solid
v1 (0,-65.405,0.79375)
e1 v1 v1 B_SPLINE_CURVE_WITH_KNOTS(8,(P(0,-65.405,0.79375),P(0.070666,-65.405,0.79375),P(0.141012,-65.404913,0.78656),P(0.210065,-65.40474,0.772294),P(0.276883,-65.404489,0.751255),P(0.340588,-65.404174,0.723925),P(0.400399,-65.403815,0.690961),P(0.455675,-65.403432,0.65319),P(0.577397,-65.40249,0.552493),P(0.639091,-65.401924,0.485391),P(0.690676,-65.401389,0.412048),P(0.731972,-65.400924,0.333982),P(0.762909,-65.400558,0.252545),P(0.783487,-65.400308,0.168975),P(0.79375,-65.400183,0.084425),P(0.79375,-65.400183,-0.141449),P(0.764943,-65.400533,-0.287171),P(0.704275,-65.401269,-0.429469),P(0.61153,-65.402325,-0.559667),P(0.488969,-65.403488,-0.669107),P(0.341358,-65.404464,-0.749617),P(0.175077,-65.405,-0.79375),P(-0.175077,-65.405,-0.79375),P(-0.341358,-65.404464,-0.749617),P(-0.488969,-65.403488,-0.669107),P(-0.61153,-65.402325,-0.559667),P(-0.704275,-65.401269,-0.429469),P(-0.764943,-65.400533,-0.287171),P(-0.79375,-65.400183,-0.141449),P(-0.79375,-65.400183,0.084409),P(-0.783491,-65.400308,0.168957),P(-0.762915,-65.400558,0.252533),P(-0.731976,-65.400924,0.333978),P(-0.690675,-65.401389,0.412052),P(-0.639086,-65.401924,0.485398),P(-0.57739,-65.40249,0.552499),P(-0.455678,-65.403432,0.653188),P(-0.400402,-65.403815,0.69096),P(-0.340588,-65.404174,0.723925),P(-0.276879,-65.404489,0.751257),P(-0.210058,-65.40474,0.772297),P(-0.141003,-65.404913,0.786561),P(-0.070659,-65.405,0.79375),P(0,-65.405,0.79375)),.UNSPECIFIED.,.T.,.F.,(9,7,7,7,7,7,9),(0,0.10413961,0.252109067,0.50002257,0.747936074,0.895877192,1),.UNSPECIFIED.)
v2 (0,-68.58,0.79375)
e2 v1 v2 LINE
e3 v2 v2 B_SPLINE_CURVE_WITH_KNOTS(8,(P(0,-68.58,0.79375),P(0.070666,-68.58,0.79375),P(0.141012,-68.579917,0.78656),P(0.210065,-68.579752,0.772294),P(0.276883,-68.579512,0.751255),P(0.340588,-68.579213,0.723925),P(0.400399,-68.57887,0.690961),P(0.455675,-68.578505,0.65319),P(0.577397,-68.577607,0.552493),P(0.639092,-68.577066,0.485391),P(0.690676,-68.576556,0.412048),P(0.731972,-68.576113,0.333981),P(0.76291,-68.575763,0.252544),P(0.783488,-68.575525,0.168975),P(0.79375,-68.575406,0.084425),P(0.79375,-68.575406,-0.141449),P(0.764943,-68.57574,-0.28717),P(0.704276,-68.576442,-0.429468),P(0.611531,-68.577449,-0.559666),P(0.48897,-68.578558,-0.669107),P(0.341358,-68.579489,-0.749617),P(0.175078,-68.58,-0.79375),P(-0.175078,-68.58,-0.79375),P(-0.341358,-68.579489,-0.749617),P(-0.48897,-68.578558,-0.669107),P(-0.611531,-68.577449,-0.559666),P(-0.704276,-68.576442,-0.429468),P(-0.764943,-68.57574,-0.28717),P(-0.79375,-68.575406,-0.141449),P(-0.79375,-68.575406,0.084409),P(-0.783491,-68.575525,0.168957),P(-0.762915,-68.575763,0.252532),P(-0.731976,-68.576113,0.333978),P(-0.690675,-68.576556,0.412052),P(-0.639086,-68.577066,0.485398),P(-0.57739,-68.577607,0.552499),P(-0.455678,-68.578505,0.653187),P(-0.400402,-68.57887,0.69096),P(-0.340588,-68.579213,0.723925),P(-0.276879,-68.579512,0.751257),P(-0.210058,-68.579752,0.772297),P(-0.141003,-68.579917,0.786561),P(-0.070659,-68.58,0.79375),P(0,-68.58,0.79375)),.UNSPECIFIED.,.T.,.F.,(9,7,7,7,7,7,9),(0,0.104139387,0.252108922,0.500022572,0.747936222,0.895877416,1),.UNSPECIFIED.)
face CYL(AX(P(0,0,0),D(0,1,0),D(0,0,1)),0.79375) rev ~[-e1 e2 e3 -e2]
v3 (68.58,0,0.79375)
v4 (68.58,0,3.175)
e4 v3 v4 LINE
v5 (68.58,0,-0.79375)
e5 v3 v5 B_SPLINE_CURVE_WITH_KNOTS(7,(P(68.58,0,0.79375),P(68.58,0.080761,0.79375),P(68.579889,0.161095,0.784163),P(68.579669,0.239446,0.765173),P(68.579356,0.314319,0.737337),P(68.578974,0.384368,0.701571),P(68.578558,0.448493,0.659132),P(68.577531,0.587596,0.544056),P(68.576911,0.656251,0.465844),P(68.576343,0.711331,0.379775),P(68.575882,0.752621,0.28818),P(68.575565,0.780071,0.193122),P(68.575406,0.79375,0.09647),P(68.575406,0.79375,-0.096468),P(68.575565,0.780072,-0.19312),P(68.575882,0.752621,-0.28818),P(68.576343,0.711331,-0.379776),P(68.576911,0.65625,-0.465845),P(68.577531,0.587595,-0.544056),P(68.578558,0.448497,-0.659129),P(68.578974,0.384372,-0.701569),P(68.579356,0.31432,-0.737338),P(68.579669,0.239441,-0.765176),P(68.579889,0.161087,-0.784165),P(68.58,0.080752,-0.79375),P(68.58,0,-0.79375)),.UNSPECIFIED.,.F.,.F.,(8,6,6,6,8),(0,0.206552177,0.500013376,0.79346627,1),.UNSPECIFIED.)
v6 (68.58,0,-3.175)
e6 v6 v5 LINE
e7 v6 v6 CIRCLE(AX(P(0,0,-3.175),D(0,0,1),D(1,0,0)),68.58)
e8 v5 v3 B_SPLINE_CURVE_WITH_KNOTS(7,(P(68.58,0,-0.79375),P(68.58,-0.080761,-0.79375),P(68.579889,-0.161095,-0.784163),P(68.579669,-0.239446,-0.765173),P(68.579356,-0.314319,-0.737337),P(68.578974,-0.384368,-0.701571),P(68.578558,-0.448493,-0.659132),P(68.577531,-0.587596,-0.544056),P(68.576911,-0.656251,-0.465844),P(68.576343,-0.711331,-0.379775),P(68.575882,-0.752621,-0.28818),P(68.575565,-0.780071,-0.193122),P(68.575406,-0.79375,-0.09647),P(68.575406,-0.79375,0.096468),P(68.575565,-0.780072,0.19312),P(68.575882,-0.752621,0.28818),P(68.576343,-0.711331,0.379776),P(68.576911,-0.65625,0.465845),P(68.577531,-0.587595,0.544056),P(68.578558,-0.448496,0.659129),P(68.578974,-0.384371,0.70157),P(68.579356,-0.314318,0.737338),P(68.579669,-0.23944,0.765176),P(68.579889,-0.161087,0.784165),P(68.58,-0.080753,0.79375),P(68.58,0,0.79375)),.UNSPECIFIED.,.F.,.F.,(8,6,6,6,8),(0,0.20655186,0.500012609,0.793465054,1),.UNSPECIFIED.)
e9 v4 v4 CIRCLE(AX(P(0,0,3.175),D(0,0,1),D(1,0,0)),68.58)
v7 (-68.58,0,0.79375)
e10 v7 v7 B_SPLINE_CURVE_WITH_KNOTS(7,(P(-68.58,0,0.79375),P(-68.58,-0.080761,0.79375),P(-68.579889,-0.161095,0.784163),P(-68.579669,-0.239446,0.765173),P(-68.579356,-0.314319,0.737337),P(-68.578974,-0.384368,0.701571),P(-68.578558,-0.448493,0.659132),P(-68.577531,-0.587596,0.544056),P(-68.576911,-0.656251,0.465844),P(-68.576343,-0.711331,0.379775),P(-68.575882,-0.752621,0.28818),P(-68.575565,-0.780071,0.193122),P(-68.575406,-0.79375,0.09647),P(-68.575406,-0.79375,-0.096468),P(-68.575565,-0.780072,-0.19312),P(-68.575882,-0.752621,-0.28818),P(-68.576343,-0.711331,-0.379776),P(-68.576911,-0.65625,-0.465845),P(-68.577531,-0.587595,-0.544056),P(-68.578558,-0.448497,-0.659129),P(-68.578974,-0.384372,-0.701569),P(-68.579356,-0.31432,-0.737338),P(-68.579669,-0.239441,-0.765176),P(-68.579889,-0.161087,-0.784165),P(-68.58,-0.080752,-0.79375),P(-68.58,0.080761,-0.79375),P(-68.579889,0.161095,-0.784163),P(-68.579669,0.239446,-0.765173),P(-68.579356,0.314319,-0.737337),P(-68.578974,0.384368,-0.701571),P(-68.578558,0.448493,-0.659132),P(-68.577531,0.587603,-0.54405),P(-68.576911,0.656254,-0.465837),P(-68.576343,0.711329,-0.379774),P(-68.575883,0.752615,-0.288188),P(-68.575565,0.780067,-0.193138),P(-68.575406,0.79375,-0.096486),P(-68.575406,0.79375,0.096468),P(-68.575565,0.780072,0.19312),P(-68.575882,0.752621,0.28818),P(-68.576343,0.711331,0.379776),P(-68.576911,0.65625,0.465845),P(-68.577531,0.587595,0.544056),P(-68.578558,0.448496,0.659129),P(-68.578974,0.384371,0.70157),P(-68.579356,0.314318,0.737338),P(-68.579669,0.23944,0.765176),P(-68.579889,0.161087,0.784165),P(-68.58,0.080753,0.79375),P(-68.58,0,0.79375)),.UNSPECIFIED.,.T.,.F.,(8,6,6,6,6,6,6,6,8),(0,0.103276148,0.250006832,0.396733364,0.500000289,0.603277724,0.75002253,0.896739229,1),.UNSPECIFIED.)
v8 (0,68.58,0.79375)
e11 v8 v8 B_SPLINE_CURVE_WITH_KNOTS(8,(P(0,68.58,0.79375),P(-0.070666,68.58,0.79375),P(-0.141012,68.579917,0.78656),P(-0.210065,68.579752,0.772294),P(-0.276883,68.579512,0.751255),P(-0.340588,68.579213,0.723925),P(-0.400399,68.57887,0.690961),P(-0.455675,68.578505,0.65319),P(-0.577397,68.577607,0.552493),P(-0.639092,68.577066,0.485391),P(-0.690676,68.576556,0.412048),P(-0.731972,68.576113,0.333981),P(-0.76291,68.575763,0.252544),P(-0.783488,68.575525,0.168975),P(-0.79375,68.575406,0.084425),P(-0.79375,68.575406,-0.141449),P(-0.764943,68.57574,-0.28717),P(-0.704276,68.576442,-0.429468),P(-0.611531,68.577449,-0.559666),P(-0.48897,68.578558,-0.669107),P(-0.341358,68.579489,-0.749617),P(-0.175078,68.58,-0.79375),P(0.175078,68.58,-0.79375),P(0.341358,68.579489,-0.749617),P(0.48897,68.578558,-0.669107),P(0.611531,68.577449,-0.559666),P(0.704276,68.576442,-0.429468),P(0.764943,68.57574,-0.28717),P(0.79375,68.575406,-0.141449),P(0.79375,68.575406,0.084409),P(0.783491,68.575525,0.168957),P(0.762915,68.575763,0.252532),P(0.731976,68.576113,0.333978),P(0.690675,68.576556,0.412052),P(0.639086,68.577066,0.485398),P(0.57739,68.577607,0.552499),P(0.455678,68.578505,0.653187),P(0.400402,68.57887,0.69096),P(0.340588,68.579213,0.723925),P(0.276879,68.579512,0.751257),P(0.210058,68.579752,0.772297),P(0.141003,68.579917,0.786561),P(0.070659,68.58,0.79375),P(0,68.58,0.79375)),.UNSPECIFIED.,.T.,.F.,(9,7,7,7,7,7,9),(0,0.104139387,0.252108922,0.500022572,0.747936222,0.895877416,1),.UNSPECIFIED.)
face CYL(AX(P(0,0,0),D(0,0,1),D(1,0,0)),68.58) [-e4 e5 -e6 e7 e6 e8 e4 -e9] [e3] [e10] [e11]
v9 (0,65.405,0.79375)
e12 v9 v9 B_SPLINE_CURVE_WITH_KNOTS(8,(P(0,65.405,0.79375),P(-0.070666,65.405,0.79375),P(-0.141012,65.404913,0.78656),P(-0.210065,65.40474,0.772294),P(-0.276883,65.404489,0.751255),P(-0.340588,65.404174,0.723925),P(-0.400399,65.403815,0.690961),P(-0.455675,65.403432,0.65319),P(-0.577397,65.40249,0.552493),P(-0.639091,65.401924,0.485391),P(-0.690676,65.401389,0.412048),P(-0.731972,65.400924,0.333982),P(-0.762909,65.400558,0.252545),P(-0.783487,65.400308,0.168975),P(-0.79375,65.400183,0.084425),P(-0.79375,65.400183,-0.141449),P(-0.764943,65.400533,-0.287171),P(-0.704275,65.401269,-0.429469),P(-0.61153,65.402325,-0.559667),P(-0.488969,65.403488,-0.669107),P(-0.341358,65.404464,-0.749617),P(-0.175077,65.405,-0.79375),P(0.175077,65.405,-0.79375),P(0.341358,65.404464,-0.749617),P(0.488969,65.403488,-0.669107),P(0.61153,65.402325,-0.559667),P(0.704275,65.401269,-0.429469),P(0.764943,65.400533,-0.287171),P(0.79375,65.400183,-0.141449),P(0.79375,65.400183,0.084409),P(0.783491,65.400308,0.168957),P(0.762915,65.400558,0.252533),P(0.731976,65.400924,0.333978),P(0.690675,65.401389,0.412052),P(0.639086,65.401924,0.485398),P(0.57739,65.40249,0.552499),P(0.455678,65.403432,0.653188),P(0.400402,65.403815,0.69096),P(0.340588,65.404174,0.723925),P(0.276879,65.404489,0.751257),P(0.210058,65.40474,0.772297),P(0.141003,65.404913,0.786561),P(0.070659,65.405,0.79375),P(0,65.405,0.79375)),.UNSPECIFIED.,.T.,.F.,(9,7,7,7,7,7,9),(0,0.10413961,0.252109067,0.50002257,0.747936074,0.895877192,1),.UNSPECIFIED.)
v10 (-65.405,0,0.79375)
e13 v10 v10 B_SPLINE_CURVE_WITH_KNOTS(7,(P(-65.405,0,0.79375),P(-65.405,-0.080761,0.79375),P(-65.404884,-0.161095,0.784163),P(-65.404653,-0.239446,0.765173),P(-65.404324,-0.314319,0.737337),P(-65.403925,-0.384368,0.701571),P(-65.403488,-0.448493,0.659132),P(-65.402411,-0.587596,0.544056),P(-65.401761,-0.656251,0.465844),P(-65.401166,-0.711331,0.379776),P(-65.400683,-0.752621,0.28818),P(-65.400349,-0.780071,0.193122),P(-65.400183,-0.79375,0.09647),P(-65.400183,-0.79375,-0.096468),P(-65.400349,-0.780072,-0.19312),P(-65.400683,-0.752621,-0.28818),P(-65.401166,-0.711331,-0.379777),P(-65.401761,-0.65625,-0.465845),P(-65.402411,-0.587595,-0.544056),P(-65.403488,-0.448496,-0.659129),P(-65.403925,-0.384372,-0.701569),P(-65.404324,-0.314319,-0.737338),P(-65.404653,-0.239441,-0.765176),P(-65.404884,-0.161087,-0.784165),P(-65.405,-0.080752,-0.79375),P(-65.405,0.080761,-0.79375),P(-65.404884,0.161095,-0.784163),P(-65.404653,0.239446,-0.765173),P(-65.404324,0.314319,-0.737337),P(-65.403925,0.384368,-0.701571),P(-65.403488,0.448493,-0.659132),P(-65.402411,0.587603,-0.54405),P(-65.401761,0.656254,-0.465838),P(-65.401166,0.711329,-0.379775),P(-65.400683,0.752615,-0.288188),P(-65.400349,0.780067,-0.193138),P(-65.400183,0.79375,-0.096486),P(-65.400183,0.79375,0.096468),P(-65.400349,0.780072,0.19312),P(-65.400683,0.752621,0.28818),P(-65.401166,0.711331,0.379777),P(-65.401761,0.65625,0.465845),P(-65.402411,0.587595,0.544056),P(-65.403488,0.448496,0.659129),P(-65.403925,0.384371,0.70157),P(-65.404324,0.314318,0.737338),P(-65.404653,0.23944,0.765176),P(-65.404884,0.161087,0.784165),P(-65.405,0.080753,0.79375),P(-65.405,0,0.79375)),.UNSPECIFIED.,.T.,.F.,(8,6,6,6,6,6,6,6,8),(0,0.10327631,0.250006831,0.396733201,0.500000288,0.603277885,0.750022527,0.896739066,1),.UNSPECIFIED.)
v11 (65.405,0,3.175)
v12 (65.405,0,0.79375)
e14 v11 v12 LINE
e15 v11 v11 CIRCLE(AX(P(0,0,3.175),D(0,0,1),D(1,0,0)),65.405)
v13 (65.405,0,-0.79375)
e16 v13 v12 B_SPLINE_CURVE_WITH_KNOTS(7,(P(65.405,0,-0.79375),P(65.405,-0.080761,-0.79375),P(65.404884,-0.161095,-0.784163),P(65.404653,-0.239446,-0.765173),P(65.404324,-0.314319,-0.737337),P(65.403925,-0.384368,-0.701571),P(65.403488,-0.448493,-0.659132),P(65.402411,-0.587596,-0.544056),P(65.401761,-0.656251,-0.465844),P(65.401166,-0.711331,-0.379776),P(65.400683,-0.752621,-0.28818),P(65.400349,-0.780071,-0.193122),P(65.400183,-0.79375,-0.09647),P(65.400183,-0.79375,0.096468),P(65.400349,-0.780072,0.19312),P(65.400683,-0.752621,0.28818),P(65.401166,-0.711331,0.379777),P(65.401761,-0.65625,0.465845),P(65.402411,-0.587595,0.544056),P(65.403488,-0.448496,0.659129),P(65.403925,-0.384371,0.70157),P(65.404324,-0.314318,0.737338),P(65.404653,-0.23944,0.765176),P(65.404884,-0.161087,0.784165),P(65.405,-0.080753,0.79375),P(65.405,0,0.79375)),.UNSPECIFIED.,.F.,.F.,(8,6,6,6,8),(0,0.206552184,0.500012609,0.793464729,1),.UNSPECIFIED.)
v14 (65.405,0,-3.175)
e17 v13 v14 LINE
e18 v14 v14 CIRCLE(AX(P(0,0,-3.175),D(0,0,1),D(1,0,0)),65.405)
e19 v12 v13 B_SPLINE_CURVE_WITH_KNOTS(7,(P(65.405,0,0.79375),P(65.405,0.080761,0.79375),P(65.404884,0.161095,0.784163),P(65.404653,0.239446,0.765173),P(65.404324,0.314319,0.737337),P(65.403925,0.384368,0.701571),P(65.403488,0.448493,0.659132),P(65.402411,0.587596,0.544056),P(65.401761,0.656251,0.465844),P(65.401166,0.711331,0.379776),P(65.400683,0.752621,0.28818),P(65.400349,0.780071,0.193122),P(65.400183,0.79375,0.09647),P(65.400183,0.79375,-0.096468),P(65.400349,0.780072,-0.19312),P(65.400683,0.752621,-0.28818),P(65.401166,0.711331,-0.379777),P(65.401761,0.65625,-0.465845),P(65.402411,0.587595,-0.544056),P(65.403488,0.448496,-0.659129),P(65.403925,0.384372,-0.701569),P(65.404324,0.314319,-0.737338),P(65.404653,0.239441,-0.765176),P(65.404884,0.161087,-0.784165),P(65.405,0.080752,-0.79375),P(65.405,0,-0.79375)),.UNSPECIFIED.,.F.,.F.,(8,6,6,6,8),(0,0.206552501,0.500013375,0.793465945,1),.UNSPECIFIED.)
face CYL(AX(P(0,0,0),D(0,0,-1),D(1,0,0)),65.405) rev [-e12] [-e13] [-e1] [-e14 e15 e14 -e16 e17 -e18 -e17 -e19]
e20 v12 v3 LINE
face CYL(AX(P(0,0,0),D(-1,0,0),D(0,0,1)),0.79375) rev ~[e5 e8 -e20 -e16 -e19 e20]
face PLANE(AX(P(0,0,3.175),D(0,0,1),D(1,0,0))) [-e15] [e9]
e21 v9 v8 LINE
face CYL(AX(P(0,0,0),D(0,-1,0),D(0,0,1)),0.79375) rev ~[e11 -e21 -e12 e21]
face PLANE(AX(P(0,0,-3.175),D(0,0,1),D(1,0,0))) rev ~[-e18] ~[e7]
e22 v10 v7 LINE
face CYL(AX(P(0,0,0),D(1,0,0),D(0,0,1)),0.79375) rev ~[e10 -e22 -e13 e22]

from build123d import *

# Parameters (mm, degrees)
SKETCH3_R           = 68.58
SKETCH3_R_2         = 65.405
BOSS_EXTRUDE1_DEPTH = 3.175
SKETCH4_R           = 0.79375
CUT_EXTRUDE1_DEPTH  = 98.038721266
CIRPATTERN1_COUNT   = 4


with BuildPart() as part:
    # Sketch3 → Boss-Extrude1 (new, symmetric)
    with BuildSketch(Plane.XY):
        Circle(SKETCH3_R)
        Circle(SKETCH3_R_2, mode=Mode.SUBTRACT)
    extrude(amount=BOSS_EXTRUDE1_DEPTH, both=True)

    # Sketch4 → Cut-Extrude1 (cut, through all)
    with BuildSketch(Plane(origin=(0, 0, 0), x_dir=(1, 0, 0), z_dir=(0, 1, 0))):
        with Locations(Location((0, 0, 0), (0, 0, 270))):
            Circle(SKETCH4_R)
    cut_extrude1 = extrude(amount=-CUT_EXTRUDE1_DEPTH, mode=Mode.SUBTRACT)

    # CirPattern1: Cut-Extrude1 ×4 about axis
    cirpattern1_axis = Axis((0, 0, 3.175), (0, 0, -1))
    for i in range(1, CIRPATTERN1_COUNT):
        add(cut_extrude1.rotate(cirpattern1_axis, i * 360 / CIRPATTERN1_COUNT), mode=Mode.SUBTRACT)


solid = part.part
